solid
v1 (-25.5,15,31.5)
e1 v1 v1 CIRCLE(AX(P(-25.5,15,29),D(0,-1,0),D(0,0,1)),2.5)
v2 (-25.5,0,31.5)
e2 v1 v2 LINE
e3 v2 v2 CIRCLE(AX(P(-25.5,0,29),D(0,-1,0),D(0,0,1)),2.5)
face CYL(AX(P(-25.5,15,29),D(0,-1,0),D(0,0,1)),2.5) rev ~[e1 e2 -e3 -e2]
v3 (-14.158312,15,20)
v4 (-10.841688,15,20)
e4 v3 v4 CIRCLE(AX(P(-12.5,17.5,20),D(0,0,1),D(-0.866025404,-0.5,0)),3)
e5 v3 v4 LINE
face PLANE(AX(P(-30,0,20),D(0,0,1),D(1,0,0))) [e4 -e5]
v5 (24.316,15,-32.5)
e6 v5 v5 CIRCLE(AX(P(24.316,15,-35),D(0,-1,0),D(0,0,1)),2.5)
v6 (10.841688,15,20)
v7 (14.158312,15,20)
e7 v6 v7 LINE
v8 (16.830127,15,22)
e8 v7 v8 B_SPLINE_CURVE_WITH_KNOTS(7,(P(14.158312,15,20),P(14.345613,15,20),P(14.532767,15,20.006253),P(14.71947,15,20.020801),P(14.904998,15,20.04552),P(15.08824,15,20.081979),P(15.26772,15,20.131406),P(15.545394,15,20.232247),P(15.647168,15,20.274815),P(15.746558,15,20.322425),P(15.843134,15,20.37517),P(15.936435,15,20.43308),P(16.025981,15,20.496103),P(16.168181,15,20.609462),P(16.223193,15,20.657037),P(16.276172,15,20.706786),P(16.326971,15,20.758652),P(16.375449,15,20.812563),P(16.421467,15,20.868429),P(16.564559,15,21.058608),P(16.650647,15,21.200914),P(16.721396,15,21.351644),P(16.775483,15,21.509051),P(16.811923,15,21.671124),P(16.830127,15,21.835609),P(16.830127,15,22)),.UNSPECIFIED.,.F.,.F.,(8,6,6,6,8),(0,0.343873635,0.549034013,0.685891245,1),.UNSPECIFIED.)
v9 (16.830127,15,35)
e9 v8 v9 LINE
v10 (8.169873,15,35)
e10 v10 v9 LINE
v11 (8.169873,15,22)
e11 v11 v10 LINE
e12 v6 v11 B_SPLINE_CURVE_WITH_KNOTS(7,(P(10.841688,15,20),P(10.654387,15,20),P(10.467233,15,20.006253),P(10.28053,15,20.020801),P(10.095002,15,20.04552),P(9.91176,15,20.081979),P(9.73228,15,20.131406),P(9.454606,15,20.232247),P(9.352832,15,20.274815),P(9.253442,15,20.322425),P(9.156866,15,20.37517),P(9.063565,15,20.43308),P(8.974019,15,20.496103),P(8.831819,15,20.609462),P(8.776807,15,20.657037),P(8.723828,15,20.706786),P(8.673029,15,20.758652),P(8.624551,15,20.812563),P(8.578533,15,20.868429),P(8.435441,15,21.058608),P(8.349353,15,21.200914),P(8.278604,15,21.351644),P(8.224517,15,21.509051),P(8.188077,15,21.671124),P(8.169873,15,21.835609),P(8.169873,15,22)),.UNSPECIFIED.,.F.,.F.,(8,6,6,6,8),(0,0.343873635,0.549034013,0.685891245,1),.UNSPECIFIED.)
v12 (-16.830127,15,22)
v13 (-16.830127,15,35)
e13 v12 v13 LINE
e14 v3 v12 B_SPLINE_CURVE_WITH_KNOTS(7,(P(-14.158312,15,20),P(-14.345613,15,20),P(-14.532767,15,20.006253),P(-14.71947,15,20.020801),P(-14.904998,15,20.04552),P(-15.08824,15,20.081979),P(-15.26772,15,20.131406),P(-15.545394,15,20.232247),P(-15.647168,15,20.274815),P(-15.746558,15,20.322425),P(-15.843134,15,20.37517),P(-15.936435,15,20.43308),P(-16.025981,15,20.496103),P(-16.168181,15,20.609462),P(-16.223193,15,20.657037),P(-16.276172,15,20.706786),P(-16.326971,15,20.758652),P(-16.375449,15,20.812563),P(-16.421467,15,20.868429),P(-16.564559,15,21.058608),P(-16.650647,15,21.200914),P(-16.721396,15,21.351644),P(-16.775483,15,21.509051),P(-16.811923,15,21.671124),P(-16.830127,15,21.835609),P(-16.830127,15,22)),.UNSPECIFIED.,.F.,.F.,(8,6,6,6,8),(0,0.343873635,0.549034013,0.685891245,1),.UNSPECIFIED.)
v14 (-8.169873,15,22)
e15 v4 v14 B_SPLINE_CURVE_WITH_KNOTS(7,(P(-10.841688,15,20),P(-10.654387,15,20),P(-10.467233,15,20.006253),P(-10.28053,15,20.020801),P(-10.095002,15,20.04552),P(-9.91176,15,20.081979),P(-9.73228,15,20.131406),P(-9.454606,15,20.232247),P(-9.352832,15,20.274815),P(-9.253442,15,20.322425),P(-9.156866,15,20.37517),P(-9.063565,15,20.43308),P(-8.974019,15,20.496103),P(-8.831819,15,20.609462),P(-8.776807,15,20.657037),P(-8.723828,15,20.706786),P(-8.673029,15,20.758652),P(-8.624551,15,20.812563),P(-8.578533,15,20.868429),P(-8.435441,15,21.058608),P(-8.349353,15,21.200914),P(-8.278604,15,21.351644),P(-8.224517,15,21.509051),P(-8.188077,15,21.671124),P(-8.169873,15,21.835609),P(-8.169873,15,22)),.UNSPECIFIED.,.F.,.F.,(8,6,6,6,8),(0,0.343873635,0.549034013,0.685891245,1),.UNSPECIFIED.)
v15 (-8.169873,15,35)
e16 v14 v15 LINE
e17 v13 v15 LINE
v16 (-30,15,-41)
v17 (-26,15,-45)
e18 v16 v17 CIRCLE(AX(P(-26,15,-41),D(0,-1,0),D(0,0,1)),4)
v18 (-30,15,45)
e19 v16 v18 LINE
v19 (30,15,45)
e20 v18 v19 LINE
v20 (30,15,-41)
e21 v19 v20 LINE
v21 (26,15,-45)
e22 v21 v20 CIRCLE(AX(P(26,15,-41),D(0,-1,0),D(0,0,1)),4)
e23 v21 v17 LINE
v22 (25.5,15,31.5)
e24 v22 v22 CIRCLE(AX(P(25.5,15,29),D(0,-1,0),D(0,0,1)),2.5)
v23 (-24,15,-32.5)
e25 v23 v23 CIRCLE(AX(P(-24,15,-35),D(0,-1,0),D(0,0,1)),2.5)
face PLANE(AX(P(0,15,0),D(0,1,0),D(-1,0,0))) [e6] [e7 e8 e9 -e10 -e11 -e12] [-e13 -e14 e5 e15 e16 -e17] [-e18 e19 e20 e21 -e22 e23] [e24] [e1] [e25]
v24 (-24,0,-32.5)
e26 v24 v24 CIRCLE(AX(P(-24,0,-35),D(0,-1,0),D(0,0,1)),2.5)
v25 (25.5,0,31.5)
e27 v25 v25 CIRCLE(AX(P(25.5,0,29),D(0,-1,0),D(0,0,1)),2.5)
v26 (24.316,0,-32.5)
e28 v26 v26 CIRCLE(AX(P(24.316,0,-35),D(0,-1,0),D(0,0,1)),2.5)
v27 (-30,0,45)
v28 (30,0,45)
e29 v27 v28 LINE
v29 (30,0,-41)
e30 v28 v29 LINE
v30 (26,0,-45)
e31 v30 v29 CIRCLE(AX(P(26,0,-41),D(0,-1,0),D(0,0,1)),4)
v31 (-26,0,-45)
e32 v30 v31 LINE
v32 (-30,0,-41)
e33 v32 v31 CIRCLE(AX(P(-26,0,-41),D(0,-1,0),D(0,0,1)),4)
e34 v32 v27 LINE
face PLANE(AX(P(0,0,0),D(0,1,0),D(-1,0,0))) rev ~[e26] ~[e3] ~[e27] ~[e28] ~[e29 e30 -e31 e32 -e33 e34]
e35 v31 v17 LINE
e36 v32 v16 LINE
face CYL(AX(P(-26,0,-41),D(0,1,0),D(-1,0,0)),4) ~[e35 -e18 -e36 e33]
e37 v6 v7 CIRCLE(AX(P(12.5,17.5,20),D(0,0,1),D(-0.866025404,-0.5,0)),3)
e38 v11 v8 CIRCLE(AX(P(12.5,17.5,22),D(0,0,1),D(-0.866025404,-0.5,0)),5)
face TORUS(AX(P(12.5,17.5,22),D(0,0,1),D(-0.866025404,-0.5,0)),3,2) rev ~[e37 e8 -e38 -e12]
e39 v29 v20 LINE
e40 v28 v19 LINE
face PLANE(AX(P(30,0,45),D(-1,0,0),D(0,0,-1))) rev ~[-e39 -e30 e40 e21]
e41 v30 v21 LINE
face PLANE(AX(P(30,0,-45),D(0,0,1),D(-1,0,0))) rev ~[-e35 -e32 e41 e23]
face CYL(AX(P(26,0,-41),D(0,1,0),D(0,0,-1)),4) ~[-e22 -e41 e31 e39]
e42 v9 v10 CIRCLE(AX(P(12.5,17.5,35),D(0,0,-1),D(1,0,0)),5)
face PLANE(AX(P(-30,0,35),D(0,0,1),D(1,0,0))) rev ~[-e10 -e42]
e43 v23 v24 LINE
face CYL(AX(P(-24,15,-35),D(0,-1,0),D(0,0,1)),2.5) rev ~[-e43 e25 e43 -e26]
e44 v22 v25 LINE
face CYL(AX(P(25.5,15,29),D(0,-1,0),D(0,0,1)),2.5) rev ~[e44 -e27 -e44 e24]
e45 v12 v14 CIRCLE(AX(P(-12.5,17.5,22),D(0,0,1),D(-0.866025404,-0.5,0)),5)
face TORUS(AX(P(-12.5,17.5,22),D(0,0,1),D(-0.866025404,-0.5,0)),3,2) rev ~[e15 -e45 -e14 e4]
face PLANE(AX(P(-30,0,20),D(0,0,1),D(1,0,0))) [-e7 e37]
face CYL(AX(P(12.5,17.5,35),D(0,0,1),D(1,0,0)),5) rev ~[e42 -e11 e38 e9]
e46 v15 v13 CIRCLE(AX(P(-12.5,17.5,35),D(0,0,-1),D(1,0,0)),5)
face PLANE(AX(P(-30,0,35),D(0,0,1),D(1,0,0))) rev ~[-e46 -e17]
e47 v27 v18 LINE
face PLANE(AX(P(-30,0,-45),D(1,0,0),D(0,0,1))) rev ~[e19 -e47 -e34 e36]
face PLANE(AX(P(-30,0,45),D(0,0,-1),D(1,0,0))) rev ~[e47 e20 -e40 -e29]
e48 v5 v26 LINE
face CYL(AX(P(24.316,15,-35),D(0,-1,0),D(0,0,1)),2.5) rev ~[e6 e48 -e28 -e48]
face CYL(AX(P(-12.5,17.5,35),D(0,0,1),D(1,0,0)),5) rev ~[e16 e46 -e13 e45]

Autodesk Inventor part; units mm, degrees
ref_plane "YZ Plane" through (0, 0, 0) normal (1, 0, 0) x (0, 1, 0)
ref_plane "XZ Plane" through (0, 0, 0) normal (0, 1, 0) x (-1, 0, 0)
ref_plane "XY Plane" through (0, 0, 0) normal (0, 0, 1) x (1, 0, 0)
sketch "Sketch1" plane through (0, 0, 0) normal (0, 1, 0) x (-1, 0, 0)
  line L0 (30, 45) -> (-30, 45)
  line L1 (-30, 45) -> (-30, -45)
  line L2 (-30, -45) -> (30, -45)
  line L3 (30, -45) -> (30, 45)
  line L4 (30, 45) -> (-30, -45) construction
  line L5 (-30, 45) -> (30, -45) construction
  point P0 (0, 0)
  dimension "d0" = 60
  dimension "d1" = 90
extrude "Extrusion1" add sketch "Sketch1" along normal blind 15
sketch "Sketch2" plane through (0, 15, 0) normal (0, 1, 0) x (1, 0, 0)
  line L0 (-30, 45) -> (-30, -45) projected
  line L1 (-30, 45) -> (-20, 45)
  line L2 (-20, 45) -> (-20, 39)
  line L3 (-20, 39) -> (-30, 39)
  line L4 (-30, 39) -> (-30, 45)
  line L5 (30, -45) -> (30, 45) projected
  line L6 (30, 45) -> (20, 45)
  line L7 (20, 45) -> (20, 39)
  line L8 (20, 39) -> (30, 39)
  line L9 (30, 39) -> (30, 45)
  line L10 (30, -45) -> (25.5, -45)
  line L11 (25.5, -45) -> (25.5, -29)
  line L12 (25.5, -29) -> (30, -29)
  line L13 (30, -29) -> (30, -45)
  line L14 (-30, -45) -> (-25, -45)
  line L15 (-25, -45) -> (-25, -29)
  line L16 (-25, -29) -> (-30, -29)
  line L17 (-30, -29) -> (-30, -45)
  line L18 (30, 45) -> (-30, 45) projected
  line L19 (-30, 45) -> (-24, 45)
  line L20 (-24, 45) -> (-24, 35)
  line L21 (-24, 35) -> (-30, 35)
  line L22 (-30, 35) -> (-30, 45)
  line L23 (30, 45) -> (24.316, 45)
  line L24 (24.316, 45) -> (24.316, 35)
  line L25 (24.316, 35) -> (30, 35)
  line L26 (30, 35) -> (30, 45)
  line L27 (-30, -45) -> (30, -45) projected
  line L28 (-30, -45) -> (-25.5, -45)
  line L29 (-25.5, -45) -> (-25.5, -29)
  line L30 (-25.5, -29) -> (-30, -29)
  line L31 (-30, -29) -> (-30, -45)
  point P0 (0, 0)
  dimension "d4" = 10
  dimension "d5" = 6
  dimension "d6" = 10
  dimension "d7" = 4.5
  dimension "d8" = 16
  dimension "d17" = 6
  dimension "d18" = 10
  dimension "d19" = 5.684
  dimension "d20" = 10
  dimension "d21" = 4.5
fillet "Fillet1" radius 4 2 edges at (30, 7.5, -45) (-30, 7.5, -45)
hole "Hole2" at (-24, 15, -35) at (24.316, 15, -35) at (25.5, 15, 29) at (-25.5, 15, 29) direction (0, -1, 0) diameter 5 end through all
ref_plane "Work Plane2" through (-30, 0, 35) normal (0, 0, 1) x (1, 0, 0)
sketch "Sketch3" plane through (-30, 0, 35) normal (0, 0, 1) x (1, 0, 0)
  line L0 (0, 15) -> (17.5, 15)
  line L1 (2, 15) -> (7, 15) projected
  line L2 (17.5, 15) -> (17.5, 17.5)
  line L3 (17.5, 17.5) -> (42.5, 17.5)
  circle A0 centre (42.5, 17.5) radius 5
  circle A1 centre (17.5, 17.5) radius 5
  point P0 (30, 0)
  dimension "d31" = 17.5
  dimension "d32" = 2.5
  dimension "d33" = 25
  dimension "d34" = 10
  dimension "d35" = 10
extrude "Extrusion2" cut sketch "Sketch3" against normal blind 15
fillet "Fillet2" radius 2 2 edges at (-12.5, 12.5, 20) (12.5, 12.5, 20)
properties part number "Adaptador_soporte_motor-rueda_error_asumido"
